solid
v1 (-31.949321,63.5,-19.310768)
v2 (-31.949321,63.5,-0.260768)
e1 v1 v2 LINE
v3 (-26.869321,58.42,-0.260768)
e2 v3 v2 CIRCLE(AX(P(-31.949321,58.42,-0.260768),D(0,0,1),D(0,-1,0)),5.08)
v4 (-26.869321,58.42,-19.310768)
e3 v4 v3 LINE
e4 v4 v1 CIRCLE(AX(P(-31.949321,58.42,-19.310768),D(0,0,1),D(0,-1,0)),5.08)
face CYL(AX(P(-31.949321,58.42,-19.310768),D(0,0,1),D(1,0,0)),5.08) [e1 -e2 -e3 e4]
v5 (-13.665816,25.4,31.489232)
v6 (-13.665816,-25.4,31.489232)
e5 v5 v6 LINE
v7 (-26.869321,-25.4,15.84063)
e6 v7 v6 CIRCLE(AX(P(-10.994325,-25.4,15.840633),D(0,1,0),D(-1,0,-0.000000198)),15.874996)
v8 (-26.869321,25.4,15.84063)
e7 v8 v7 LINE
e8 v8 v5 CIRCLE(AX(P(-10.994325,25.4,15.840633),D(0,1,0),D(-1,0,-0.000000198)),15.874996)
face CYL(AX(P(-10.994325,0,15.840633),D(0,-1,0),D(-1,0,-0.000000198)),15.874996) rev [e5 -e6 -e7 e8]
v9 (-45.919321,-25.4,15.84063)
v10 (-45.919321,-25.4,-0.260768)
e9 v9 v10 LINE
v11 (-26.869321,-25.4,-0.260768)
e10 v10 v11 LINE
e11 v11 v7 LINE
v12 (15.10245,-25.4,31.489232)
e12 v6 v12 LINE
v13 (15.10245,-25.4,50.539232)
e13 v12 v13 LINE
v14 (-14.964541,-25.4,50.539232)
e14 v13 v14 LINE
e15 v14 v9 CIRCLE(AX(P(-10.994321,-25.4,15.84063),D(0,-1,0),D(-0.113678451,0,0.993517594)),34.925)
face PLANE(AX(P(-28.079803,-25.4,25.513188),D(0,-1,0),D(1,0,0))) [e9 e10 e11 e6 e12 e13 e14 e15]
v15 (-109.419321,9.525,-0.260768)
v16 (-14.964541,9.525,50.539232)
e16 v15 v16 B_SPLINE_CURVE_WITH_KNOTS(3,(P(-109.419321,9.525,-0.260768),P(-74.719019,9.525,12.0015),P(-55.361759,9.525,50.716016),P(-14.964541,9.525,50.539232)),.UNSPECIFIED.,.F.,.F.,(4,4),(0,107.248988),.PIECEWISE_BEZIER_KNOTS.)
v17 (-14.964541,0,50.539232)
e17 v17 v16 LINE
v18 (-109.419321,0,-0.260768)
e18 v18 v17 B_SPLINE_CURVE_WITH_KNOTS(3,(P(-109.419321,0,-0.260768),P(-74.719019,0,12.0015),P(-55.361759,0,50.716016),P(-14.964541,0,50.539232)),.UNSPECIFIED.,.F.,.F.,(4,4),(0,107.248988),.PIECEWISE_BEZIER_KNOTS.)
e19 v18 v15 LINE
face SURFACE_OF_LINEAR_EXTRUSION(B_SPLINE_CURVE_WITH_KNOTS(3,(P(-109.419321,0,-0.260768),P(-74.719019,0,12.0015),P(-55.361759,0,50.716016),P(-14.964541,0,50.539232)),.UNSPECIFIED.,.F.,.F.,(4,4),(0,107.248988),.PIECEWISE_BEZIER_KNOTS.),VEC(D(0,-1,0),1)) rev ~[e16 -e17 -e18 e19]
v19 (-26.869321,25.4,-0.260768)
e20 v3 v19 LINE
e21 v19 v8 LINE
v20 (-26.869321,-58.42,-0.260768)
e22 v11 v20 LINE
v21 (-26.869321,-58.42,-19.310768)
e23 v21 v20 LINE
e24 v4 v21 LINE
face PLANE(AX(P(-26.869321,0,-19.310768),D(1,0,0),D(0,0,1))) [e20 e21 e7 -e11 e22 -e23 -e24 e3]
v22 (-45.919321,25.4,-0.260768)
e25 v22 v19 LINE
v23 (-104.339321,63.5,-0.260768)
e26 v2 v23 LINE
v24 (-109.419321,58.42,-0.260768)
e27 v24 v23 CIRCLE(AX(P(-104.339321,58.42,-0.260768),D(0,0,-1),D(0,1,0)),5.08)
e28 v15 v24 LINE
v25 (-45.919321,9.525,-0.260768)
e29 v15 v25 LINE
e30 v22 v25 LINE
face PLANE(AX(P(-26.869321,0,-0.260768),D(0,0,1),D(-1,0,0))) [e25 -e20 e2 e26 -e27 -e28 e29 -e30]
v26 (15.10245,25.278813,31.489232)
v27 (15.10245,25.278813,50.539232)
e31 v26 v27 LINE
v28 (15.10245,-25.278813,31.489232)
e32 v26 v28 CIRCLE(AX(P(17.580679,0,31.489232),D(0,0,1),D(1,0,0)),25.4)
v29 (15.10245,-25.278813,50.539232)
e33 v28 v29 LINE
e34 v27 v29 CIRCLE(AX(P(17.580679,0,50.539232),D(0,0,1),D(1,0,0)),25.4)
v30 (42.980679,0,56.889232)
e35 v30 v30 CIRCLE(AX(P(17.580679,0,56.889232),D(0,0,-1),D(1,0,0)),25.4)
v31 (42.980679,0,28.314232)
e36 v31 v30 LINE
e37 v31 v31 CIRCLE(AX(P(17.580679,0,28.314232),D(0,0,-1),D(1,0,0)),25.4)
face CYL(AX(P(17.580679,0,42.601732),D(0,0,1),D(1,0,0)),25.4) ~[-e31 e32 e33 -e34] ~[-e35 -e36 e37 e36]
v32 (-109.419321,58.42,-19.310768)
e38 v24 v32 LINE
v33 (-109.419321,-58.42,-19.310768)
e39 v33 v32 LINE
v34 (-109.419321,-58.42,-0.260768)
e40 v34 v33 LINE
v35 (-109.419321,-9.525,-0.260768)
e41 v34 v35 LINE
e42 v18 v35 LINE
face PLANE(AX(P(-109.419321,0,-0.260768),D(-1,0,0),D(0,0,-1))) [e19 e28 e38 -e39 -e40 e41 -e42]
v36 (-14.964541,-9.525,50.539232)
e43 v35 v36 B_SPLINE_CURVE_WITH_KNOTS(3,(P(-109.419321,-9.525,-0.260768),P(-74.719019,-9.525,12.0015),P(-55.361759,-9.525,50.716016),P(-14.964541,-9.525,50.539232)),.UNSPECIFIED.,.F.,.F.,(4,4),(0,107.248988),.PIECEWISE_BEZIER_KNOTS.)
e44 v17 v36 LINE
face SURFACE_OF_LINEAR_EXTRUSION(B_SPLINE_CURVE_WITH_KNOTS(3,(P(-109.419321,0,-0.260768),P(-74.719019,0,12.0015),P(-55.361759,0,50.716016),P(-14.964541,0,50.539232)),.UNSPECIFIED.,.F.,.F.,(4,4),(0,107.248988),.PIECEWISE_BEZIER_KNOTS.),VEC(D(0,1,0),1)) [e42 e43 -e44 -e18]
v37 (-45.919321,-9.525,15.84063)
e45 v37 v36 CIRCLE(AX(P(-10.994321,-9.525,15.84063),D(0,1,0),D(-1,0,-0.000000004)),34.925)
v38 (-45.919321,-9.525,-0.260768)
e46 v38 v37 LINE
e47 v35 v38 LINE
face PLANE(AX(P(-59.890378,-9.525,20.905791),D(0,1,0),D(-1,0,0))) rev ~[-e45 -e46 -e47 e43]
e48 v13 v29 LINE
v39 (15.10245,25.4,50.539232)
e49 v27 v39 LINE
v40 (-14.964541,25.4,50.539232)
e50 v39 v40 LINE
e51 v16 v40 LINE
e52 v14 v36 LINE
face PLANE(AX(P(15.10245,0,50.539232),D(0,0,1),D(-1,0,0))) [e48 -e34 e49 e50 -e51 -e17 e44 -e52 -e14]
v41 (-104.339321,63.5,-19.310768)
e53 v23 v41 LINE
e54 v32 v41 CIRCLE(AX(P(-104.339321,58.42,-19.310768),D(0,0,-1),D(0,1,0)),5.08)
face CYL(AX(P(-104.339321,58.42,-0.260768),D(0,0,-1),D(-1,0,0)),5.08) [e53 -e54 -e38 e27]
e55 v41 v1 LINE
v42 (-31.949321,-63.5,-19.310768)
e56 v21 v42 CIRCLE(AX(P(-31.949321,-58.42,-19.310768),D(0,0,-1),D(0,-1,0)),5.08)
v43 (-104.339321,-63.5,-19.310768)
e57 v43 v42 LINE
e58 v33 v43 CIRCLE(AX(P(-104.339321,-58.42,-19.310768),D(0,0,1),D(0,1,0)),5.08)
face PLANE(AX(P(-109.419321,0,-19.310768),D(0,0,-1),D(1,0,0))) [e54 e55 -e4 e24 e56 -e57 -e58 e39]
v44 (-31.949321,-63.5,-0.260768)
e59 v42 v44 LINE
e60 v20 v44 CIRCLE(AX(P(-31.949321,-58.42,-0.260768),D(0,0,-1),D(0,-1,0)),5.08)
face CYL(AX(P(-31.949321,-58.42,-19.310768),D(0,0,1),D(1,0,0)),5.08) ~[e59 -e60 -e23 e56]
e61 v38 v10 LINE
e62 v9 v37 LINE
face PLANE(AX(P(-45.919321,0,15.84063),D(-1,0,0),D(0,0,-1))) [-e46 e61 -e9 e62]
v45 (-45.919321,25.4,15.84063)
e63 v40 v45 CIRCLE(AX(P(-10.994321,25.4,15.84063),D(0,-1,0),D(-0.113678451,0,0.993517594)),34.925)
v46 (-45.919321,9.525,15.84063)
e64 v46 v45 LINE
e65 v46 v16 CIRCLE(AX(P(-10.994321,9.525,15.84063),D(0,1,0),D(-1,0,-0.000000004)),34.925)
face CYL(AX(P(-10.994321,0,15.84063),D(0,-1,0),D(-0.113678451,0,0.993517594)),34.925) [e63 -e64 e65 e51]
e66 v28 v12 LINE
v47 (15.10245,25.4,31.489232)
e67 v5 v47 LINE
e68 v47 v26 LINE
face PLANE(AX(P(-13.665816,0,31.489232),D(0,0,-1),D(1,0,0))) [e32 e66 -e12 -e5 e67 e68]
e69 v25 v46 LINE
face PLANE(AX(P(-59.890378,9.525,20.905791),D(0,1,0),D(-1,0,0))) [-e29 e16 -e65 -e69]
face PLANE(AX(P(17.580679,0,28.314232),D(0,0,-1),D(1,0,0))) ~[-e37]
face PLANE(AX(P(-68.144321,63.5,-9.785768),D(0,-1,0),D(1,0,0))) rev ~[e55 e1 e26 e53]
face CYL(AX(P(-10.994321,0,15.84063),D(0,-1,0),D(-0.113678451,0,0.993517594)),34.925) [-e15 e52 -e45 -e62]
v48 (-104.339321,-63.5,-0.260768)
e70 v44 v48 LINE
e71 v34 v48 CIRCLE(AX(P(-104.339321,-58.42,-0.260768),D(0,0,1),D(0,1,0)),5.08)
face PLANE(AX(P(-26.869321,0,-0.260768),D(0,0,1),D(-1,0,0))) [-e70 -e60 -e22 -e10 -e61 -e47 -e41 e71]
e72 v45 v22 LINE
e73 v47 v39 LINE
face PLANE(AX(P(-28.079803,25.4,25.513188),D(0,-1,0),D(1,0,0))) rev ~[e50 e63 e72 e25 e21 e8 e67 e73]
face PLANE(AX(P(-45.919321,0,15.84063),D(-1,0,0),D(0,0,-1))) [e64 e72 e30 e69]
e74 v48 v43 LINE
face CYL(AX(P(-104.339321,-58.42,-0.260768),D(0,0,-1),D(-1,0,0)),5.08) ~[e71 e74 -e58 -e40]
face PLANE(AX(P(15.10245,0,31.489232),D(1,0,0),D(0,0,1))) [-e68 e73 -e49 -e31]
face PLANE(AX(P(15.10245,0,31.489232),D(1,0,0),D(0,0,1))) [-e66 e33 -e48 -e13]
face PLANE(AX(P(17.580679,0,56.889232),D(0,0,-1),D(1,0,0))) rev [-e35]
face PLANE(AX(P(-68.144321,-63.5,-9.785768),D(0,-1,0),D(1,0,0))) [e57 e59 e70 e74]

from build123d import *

# Parameters (mm, degrees)
F1_DEPTH = 63.5
F0_W     = 22.921771
F0_H     = 19.05
F2_DEPTH = 25.4
F3_DEPTH = 9.525
F0_W_2   = 25.4
F0_H_2   = 28.575
F5_R     = 5.08


with BuildPart() as f1:
    # F0 (on Front) → F1 (new body, symmetric)
    with BuildSketch(Plane.XZ):
        Polygon((-109.419321, -19.310768), (-26.869321, -19.310768), (-26.869321, -0.260768), (-45.919321, -0.260768), (-109.419321, -0.260768), align=None)
    extrude(amount=F1_DEPTH, both=True)

    # F0 (on Front) → F2 (join, symmetric)
    with BuildSketch(Plane.XZ):
        with BuildLine():
            Line((-45.919321, -0.260768), (-26.869321, -0.260768))
            Line((-26.869321, -0.260768), (-26.869321, 15.84063))
            ThreePointArc((-26.869321, 15.84063), (-23.12745, 26.077956), (-13.665816, 31.489232))
            Line((-13.665816, 31.489232), (-7.819321, 31.489232))
            Line((-7.819321, 31.489232), (-7.819321, 50.539232))
            Line((-7.819321, 50.539232), (-14.964541, 50.539232))
            ThreePointArc((-14.964541, 50.539232), (-37.055936, 39.090315), (-45.919321, 15.84063))
            Line((-45.919321, 15.84063), (-45.919321, -0.260768))
        make_face()
        with Locations((3.641564, 41.014232)):
            Rectangle(F0_W, F0_H)
    extrude(amount=F2_DEPTH, both=True)

    # F0 (on Front) → F3 (join, symmetric)
    with BuildSketch(Plane.XZ):
        with BuildLine():
            add(Edge.make_bspline(
                [(-109.419321, -0.260768), (-74.719019, 12.0015), (-55.361759, 50.716016), (-14.964541, 50.539232)],
                knots=[0, 0, 0, 0, 107.248988, 107.248988, 107.248988, 107.248988], degree=3))
            Line((-109.419321, -0.260768), (-45.919321, -0.260768))
            Line((-45.919321, -0.260768), (-45.919321, 15.84063))
            ThreePointArc((-45.919321, 15.84063), (-37.055936, 39.090315), (-14.964541, 50.539232))
        make_face()
    extrude(amount=F3_DEPTH, both=True)

    # F0 (on Front) → F4 (revolve)
    with BuildSketch(Plane.XZ):
        with Locations((30.280679, 42.601732)):
            Rectangle(F0_W_2, F0_H_2)
    revolve(axis=Axis((17.580679, 0, 42.601732), (0, 0, -1)))

    # F5
    f5_edges = [f1.edges().sort_by_distance(p)[0] for p in [
        (-109.419321, -63.5, -9.785768),
        (-109.419321, 63.5, -9.785768),
        (-26.869321, -63.5, -9.785768),
        (-26.869321, 63.5, -9.785768),
    ]]
    fillet(f5_edges, radius=F5_R)


solid = f1.part
